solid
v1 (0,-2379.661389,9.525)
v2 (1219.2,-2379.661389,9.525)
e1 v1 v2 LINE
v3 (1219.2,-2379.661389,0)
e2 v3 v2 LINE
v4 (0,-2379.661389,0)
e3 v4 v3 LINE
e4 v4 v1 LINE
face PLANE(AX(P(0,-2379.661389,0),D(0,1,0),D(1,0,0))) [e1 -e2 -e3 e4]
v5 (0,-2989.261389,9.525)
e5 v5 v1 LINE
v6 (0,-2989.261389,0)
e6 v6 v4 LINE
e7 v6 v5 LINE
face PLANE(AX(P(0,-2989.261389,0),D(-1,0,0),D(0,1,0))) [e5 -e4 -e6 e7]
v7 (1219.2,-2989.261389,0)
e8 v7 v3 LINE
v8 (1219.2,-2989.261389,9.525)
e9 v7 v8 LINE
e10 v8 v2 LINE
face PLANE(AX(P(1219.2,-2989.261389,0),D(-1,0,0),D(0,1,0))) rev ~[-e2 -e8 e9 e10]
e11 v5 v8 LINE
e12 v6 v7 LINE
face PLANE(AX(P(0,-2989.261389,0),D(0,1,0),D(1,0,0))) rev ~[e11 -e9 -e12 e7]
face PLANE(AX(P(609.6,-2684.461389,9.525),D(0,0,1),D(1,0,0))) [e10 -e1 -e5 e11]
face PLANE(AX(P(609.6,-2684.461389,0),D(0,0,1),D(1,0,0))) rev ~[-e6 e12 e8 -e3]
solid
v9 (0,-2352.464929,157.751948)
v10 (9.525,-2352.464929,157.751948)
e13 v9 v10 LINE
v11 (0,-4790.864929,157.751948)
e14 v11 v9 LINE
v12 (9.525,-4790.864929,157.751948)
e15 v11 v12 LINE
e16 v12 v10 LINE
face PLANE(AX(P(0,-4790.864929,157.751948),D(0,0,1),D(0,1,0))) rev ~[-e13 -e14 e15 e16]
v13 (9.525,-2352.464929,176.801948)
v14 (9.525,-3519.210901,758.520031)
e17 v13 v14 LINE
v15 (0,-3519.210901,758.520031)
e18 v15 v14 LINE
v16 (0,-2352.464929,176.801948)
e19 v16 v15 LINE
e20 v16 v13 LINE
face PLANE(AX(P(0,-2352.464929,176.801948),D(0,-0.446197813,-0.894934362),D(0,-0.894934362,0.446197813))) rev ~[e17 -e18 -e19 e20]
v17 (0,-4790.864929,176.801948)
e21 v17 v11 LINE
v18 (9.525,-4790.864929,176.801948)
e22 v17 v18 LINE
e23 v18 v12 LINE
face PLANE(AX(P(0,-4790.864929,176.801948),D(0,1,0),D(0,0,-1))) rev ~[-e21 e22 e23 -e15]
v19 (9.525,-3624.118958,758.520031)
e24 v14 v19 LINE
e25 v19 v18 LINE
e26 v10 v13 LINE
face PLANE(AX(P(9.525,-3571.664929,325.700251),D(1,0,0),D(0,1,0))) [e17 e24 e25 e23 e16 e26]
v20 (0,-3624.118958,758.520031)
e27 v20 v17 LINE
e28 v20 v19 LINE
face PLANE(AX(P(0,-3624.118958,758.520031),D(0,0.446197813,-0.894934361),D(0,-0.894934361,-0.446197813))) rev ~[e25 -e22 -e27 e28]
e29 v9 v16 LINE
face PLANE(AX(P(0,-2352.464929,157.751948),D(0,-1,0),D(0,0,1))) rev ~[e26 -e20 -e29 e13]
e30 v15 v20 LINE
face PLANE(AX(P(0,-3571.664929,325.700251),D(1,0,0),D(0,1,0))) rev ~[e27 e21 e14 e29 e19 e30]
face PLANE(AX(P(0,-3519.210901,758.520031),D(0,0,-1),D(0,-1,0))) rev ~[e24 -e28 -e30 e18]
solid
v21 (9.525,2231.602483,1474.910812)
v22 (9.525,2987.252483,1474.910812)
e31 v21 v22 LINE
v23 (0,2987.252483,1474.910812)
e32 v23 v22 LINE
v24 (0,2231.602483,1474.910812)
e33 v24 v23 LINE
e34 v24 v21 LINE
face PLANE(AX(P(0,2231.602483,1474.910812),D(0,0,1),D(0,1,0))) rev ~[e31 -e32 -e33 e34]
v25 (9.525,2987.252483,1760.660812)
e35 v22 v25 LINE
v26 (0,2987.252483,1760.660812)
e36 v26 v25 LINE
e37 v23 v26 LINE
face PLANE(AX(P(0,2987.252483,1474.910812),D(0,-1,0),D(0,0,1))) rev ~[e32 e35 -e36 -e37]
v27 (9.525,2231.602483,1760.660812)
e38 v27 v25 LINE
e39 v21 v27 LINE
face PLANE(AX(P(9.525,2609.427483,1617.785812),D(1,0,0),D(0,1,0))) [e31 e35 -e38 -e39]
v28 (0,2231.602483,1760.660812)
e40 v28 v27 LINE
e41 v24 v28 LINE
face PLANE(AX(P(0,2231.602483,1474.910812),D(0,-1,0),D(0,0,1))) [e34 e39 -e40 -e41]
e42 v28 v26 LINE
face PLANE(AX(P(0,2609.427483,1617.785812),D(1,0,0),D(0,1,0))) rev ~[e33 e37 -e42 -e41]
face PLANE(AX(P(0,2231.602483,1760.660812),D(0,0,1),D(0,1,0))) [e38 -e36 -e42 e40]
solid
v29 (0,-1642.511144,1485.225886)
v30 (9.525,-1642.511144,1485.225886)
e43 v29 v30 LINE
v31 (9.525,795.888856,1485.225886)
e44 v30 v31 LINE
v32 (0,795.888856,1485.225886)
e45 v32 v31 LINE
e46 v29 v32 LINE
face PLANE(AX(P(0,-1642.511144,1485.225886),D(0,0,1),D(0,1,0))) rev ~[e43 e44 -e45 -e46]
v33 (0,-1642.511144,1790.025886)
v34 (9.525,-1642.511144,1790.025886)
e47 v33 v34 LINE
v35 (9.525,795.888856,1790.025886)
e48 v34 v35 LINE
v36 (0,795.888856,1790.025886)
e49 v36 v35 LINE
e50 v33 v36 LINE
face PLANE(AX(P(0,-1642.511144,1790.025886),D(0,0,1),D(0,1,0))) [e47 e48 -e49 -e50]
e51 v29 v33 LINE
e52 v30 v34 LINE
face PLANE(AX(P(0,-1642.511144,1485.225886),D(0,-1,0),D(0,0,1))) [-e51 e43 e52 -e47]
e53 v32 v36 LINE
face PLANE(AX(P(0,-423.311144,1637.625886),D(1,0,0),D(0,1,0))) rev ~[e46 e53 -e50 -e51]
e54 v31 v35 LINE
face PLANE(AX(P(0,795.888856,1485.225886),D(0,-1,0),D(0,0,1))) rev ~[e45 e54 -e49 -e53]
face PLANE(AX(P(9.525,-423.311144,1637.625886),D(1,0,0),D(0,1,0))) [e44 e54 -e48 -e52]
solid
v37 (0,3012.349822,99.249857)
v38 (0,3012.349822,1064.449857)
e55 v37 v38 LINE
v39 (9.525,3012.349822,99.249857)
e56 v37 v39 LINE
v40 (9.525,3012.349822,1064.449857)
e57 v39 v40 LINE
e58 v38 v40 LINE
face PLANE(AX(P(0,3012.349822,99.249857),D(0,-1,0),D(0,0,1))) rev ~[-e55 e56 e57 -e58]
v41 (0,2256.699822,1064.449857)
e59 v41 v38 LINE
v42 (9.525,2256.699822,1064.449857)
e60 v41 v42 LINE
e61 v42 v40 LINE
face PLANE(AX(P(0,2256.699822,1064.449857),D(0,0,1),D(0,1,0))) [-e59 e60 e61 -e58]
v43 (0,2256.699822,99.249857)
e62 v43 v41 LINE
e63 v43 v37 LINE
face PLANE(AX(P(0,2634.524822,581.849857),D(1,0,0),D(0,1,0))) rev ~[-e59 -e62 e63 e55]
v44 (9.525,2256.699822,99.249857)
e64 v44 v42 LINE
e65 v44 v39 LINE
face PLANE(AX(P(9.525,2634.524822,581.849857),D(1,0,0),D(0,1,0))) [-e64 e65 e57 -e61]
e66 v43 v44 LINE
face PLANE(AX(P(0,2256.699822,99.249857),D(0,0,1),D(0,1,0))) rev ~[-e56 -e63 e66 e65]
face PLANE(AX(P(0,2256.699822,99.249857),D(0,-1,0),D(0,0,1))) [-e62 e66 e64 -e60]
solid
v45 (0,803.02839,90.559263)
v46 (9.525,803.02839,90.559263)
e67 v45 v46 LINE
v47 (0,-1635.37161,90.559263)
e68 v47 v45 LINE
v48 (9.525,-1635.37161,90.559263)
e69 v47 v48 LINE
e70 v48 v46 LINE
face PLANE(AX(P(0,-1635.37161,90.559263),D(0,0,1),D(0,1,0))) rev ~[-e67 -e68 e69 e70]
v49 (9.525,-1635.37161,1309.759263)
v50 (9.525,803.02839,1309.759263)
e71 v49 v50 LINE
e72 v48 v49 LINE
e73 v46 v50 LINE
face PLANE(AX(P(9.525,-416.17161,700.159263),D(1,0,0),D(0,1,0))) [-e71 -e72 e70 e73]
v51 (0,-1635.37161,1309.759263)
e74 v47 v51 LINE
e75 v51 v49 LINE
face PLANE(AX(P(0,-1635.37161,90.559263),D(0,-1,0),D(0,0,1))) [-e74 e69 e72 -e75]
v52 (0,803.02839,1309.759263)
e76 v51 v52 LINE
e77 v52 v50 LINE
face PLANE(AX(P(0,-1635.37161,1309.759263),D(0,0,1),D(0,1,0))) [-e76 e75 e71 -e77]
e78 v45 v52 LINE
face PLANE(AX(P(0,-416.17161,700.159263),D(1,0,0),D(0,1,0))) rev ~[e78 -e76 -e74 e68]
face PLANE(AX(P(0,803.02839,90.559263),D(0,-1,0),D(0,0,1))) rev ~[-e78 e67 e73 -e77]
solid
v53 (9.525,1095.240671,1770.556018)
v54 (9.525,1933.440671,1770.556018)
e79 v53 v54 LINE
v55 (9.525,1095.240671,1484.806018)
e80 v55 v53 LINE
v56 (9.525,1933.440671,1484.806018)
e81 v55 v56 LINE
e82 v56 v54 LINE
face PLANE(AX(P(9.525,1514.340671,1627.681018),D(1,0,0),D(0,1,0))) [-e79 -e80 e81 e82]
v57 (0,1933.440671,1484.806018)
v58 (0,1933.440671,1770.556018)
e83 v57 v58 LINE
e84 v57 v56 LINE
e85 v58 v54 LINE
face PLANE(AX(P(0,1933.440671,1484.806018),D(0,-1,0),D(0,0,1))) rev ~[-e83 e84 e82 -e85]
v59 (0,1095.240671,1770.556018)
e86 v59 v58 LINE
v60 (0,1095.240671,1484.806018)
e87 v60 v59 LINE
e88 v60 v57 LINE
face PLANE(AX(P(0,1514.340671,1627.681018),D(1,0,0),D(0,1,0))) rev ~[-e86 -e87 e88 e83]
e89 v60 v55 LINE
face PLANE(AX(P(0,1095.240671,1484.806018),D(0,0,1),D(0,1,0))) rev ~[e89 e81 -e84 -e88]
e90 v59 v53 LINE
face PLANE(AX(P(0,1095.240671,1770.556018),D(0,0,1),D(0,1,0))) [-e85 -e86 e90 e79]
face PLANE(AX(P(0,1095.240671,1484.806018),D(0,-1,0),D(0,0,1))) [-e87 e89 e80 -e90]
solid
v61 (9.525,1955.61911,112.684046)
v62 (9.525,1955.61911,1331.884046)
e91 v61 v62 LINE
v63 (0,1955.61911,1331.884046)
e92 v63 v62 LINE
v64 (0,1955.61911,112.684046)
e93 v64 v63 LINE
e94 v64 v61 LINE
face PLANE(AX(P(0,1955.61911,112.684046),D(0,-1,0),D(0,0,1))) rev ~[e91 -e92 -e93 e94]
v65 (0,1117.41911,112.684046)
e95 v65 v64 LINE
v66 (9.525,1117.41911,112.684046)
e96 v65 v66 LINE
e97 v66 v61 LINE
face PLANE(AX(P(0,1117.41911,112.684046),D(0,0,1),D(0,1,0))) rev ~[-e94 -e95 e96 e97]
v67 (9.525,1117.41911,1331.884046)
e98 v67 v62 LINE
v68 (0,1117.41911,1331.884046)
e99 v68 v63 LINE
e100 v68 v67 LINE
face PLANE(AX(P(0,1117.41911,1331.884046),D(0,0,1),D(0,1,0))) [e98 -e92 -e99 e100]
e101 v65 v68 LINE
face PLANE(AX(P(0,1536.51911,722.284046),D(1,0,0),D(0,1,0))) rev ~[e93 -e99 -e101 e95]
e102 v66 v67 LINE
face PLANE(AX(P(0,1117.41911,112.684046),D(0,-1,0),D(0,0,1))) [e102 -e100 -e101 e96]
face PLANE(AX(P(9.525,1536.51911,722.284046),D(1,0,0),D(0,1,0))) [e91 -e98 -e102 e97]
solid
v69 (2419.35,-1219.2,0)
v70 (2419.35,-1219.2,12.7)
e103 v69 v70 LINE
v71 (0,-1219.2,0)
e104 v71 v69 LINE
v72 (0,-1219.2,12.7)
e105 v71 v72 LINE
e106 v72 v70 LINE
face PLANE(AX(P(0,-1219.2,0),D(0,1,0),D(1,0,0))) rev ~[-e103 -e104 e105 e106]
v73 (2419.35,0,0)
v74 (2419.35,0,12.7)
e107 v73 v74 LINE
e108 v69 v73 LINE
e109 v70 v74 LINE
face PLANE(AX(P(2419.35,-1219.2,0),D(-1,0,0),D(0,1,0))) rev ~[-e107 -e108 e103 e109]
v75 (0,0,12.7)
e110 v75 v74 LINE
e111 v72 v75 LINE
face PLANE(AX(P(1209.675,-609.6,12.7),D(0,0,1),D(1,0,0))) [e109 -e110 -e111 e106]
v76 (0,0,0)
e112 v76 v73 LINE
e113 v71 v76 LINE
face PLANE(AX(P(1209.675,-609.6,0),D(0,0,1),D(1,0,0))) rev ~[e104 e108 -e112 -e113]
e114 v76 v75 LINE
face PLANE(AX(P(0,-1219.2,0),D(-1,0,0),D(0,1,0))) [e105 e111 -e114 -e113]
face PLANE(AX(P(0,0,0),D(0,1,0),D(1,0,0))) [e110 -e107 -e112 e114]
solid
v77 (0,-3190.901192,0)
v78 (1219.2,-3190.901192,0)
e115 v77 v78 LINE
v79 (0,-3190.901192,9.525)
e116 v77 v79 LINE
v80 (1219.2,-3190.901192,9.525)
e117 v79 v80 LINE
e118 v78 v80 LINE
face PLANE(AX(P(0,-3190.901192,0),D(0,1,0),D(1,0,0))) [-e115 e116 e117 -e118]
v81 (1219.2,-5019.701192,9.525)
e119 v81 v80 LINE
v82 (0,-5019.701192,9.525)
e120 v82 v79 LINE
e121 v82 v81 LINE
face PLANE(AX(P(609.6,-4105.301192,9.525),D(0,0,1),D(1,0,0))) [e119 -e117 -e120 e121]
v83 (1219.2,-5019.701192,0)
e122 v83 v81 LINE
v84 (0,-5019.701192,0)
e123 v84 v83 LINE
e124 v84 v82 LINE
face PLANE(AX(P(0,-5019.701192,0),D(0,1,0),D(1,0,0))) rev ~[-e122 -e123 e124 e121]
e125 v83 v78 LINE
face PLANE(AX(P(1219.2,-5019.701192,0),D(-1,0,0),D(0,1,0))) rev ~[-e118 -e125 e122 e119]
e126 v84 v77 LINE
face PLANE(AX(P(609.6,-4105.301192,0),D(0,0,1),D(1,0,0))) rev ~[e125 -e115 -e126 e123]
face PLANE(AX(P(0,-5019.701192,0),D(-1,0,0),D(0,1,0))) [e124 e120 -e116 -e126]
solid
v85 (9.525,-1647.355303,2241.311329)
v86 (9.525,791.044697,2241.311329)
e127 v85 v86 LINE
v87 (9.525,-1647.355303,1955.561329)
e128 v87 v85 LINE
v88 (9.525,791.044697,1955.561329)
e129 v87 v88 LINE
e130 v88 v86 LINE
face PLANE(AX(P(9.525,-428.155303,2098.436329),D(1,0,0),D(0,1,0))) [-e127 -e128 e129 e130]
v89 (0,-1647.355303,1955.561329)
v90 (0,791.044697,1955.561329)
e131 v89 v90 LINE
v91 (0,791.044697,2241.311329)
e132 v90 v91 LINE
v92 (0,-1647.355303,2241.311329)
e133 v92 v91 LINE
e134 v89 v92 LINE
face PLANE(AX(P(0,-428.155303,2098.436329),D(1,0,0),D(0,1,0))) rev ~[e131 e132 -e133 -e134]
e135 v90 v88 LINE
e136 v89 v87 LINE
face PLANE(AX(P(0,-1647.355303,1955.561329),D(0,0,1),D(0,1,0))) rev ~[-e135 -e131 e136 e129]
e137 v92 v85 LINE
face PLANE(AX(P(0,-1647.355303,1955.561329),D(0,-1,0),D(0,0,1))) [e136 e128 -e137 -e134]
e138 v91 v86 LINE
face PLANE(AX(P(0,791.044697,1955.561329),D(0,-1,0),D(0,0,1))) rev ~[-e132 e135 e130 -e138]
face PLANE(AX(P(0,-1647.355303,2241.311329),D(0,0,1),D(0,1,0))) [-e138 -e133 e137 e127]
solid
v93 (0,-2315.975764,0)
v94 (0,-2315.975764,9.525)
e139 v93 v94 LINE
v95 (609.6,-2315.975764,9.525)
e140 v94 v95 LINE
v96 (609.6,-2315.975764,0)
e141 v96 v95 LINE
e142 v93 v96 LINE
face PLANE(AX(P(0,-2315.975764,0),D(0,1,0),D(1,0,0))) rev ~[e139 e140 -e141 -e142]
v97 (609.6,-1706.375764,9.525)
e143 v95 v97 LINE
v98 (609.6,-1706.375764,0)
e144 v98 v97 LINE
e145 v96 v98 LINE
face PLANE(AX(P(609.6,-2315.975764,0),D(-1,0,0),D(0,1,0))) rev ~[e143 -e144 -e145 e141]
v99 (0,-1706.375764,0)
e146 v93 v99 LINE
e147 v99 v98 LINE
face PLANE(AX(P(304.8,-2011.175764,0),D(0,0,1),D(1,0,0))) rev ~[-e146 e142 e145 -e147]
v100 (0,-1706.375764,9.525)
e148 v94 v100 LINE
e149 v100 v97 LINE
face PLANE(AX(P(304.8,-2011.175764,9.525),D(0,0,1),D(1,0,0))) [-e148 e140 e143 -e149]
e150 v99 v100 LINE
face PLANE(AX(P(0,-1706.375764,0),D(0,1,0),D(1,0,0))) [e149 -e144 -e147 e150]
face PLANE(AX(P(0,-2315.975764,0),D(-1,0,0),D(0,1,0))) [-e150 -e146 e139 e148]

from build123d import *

# Parameters (mm, degrees)
F0_W      = 2419.35
F0_H      = 1219.2
F1_DEPTH  = 12.7
F2_W      = 2438.4
F2_H      = 1219.2
F3_DEPTH  = 9.525
F4_W      = 2438.4
F4_H      = 304.8
F5_DEPTH  = 9.525
F6_W      = 838.2
F6_H      = 1219.2
F7_DEPTH  = 9.525
F8_W      = 755.65
F8_H      = 965.2
F9_DEPTH  = 9.525
F10_W     = 838.2
F10_H     = 285.75
F11_DEPTH = 9.525
F12_W     = 755.65
F12_H     = 285.75
F13_DEPTH = 9.525
F15_W     = 1219.2
F15_H     = 1828.8
F16_DEPTH = 9.525
F14_W     = 1219.2
F14_H     = 609.6
F17_DEPTH = 9.525
F18_W     = 609.6
F18_H     = 609.6
F19_DEPTH = 9.525
F21_DEPTH = 9.525
F22_W     = 2438.4
F22_H     = 285.75
F23_DEPTH = 9.525


with BuildPart() as f1:
    # F0 (on Top) → F1 (new body)
    with BuildSketch(Plane.XY):
        with Locations((1209.675, -609.6)):
            Rectangle(F0_W, F0_H)
    extrude(amount=F1_DEPTH)


with BuildPart() as f3:
    # F2 (on Right) → F3 (new body)
    with BuildSketch(Plane.YZ):
        with Locations((-416.17161, 700.159263)):
            Rectangle(F2_W, F2_H)
    extrude(amount=F3_DEPTH)


with BuildPart() as f5:
    # F4 (on Right) → F5 (new body)
    with BuildSketch(Plane.YZ):
        with Locations((-423.311144, 1637.625886)):
            Rectangle(F4_W, F4_H)
    extrude(amount=F5_DEPTH)


with BuildPart() as f7:
    # F6 (on Right) → F7 (new body)
    with BuildSketch(Plane.YZ):
        with Locations((1536.51911, 722.284046)):
            Rectangle(F6_W, F6_H)
    extrude(amount=F7_DEPTH)


with BuildPart() as f9:
    # F8 (on Right) → F9 (new body)
    with BuildSketch(Plane.YZ):
        with Locations((2634.524822, 581.849857)):
            Rectangle(F8_W, F8_H)
    extrude(amount=F9_DEPTH)


with BuildPart() as f11:
    # F10 (on Right) → F11 (new body)
    with BuildSketch(Plane.YZ):
        with Locations((1514.340671, 1627.681018)):
            Rectangle(F10_W, F10_H)
    extrude(amount=F11_DEPTH)


with BuildPart() as f13:
    # F12 (on Right) → F13 (new body)
    with BuildSketch(Plane.YZ):
        with Locations((2609.427483, 1617.785812)):
            Rectangle(F12_W, F12_H)
    extrude(amount=F13_DEPTH)


with BuildPart() as f16:
    # F15 (on Top) → F16 (new body)
    with BuildSketch(Plane.XY):
        with Locations((609.6, -4105.301192)):
            Rectangle(F15_W, F15_H)
    extrude(amount=F16_DEPTH)


with BuildPart() as f17:
    # F14 (on Top) → F17 (new body)
    with BuildSketch(Plane.XY):
        with Locations((609.6, -2684.461389)):
            Rectangle(F14_W, F14_H)
    extrude(amount=F17_DEPTH)


with BuildPart() as f19:
    # F18 (on Top) → F19 (new body)
    with BuildSketch(Plane.XY):
        with Locations((304.8, -2011.175764)):
            Rectangle(F18_W, F18_H)
    extrude(amount=F19_DEPTH)


with BuildPart() as f21:
    # F20 (on Right) → F21 (new body)
    with BuildSketch(Plane.YZ):
        Polygon((-3624.118958, 758.520031), (-4790.864929, 176.801948), (-4790.864929, 157.751948), (-2352.464929, 157.751948), (-2352.464929, 176.801948), (-3519.210901, 758.520031), align=None)
    extrude(amount=F21_DEPTH)


with BuildPart() as f23:
    # F22 (on Right) → F23 (new body)
    with BuildSketch(Plane.YZ):
        with Locations((-428.155303, 2098.436329)):
            Rectangle(F22_W, F22_H)
    extrude(amount=F23_DEPTH)


solid = Compound([f1.part, f3.part, f5.part, f7.part, f9.part, f11.part, f13.part, f16.part, f17.part, f19.part, f21.part, f23.part])
